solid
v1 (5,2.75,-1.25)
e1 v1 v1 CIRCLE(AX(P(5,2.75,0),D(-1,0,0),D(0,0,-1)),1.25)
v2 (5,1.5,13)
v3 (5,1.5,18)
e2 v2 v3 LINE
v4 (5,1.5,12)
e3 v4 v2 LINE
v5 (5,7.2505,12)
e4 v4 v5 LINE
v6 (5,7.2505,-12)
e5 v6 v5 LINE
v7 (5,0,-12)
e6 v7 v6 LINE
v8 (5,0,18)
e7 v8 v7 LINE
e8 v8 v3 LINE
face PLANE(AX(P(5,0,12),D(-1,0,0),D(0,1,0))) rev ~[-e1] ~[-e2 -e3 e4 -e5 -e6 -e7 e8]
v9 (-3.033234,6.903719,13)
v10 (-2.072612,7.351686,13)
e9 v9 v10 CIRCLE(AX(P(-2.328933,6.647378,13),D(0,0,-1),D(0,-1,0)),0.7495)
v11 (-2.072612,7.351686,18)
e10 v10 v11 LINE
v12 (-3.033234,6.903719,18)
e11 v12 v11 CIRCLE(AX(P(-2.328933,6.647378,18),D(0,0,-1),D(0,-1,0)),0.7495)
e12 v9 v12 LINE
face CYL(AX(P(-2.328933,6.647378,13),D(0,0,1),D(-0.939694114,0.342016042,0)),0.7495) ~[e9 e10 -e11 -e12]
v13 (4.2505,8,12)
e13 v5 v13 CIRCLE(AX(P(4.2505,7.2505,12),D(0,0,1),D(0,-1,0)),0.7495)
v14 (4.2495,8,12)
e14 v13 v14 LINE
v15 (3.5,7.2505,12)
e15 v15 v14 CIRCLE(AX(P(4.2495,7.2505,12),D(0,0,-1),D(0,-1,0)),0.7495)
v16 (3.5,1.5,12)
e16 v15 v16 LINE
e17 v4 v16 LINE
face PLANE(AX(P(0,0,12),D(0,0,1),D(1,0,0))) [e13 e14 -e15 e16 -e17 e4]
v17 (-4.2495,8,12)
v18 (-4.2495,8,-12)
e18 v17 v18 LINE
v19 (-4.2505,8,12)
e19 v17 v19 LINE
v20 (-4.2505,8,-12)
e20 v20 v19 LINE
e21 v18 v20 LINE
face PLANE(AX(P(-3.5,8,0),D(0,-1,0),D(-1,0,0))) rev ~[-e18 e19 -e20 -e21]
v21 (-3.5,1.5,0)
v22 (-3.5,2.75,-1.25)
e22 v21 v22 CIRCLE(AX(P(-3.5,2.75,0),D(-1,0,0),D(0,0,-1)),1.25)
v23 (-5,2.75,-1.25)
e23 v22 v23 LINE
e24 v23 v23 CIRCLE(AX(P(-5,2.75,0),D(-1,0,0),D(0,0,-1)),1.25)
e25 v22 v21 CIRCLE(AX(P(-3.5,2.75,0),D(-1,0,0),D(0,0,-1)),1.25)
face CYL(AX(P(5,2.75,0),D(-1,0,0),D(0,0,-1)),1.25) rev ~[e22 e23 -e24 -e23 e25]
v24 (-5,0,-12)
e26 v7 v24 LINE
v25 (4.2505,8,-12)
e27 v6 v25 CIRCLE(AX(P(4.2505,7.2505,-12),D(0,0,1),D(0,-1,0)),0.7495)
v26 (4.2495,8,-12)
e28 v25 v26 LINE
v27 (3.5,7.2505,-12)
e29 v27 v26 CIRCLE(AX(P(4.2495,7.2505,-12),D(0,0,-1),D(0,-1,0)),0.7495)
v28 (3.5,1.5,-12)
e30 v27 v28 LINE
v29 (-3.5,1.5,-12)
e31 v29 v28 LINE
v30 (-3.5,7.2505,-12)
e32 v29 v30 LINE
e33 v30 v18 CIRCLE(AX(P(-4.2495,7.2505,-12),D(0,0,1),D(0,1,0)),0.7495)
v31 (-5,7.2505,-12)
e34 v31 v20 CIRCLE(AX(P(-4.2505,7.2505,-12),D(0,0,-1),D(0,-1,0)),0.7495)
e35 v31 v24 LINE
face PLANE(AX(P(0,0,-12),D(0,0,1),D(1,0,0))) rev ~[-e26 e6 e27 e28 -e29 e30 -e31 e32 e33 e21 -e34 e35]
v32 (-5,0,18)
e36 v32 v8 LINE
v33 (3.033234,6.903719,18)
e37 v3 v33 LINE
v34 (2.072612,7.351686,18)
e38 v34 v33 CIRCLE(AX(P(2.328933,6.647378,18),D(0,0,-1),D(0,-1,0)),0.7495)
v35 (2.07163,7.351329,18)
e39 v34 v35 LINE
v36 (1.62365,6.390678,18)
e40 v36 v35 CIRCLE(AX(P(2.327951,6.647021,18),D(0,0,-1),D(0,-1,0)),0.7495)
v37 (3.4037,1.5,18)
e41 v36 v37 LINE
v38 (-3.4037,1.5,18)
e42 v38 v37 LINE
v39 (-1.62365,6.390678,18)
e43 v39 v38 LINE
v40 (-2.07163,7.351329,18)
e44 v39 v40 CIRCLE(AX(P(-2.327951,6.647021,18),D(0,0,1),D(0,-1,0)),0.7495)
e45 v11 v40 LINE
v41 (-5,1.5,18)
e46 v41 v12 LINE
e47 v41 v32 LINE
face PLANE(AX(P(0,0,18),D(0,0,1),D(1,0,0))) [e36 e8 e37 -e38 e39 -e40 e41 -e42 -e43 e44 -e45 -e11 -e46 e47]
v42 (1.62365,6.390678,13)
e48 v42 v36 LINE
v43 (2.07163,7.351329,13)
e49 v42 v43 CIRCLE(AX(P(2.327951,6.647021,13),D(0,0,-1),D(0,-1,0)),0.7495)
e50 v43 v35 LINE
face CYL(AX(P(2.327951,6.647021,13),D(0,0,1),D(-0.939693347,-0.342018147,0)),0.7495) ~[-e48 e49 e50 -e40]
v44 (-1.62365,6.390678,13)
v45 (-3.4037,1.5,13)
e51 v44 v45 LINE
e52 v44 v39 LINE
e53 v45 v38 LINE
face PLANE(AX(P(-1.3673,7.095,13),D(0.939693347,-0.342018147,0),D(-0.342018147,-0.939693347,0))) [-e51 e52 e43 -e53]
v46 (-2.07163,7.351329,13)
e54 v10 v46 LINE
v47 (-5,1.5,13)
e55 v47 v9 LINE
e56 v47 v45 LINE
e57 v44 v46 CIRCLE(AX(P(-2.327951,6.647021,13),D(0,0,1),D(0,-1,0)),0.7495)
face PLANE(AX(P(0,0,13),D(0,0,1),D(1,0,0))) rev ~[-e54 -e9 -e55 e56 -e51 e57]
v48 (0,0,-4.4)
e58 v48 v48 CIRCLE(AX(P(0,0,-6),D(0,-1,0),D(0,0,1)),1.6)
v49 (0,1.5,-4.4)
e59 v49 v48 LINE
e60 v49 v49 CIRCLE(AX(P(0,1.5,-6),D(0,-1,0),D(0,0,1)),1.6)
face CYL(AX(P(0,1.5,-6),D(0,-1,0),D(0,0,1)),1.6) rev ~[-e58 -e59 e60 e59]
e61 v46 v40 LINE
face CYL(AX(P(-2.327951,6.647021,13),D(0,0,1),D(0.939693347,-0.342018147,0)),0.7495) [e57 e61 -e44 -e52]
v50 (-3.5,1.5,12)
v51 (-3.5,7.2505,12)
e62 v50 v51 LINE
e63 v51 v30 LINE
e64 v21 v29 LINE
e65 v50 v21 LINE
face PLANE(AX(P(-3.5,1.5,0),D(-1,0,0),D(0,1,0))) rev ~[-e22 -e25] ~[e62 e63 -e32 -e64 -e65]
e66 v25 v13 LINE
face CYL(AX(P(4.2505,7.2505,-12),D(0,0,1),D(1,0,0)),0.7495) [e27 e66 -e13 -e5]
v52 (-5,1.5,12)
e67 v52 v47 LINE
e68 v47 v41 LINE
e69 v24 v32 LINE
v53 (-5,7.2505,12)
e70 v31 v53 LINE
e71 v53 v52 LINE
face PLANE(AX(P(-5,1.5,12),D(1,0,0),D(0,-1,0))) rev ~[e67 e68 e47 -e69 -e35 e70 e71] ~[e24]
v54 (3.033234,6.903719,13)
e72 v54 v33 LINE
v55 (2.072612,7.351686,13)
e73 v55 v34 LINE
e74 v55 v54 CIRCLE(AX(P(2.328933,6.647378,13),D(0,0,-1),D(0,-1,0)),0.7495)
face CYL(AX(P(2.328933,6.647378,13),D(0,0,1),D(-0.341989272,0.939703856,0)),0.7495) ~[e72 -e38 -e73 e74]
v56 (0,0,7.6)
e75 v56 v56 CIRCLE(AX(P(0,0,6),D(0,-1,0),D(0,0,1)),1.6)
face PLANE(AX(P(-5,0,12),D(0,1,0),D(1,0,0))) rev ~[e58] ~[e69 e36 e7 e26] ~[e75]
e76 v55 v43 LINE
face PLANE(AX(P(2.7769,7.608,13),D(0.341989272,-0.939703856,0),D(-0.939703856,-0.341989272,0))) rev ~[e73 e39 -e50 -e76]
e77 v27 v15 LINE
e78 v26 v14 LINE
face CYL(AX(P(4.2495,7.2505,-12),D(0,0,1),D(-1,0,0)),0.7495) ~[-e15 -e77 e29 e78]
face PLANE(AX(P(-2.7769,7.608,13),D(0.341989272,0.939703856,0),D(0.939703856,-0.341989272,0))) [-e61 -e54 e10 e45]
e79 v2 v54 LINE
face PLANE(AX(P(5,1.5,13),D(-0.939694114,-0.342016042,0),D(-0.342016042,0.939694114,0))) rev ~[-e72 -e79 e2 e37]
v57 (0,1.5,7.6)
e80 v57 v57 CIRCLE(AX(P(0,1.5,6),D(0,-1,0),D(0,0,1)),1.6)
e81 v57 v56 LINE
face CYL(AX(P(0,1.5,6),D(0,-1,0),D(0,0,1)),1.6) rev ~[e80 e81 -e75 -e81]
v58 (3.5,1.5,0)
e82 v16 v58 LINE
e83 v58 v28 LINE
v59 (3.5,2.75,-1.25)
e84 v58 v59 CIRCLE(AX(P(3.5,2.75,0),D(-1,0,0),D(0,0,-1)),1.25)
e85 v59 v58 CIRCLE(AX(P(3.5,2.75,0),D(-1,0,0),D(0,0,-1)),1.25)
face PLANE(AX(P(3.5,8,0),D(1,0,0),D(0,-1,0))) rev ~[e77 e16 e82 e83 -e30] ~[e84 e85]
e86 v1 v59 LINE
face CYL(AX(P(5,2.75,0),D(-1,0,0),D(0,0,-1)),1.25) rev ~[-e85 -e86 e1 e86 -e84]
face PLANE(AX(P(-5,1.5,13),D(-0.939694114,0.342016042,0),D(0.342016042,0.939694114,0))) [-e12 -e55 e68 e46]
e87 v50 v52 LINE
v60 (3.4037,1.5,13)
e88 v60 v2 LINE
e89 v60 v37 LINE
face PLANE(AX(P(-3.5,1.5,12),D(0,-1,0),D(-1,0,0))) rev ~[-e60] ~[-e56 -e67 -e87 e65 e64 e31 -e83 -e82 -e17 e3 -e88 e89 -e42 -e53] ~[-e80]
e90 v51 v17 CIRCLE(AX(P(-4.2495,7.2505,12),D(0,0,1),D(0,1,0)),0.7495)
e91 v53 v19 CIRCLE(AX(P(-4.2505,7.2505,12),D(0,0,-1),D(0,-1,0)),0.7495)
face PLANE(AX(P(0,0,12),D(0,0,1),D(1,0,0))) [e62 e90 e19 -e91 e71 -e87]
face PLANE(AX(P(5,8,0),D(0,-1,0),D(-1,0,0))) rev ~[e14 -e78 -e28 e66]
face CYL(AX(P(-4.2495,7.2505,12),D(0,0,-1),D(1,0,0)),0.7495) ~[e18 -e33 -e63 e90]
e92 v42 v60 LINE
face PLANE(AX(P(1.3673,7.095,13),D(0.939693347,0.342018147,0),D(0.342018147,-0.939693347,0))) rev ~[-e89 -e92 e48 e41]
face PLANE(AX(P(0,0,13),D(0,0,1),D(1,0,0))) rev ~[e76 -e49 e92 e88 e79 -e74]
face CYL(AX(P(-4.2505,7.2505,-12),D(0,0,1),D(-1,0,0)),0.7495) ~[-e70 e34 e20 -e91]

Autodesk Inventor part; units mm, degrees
ref_plane "YZ Plane" through (0, 0, 0) normal (1, 0, 0) x (0, 1, 0)
ref_plane "XZ Plane" through (0, 0, 0) normal (0, 1, 0) x (-1, 0, 0)
ref_plane "XY Plane" through (0, 0, 0) normal (0, 0, 1) x (1, 0, 0)
sketch "Náčrt1" plane through (0, 0, 0) normal (0, 0, 1) x (1, 0, 0)
  line L0 (-5, 8) -> (-5, 0)
  line L1 (-5, 0) -> (5, 0)
  line L2 (5, 0) -> (5, 8)
  line L3 (5, 8) -> (3.5, 8)
  line L4 (3.5, 8) -> (3.5, 1.5)
  line L5 (3.5, 1.5) -> (-3.5, 1.5)
  line L6 (-3.5, 1.5) -> (-3.5, 8)
  line L7 (-3.5, 8) -> (-5, 8)
  line L8 (-7, 0) -> (7, 0) projected
  line L9 (0, 9.6) -> (0, -1.6) projected
  point P0 (0, 0)
  dimension "d0" = 10
  dimension "d1" = 8
  dimension "d2" = 1.5
  dimension "d3" = 1.5
  dimension "d4" = 1.5
extrude "Vysunutí1" add sketch "Náčrt1" along normal mid plane 24
sketch "Náčrt2" plane through (0, 0, 12) normal (0, 0, 1) x (1, 0, 0)
  line L0 (-5, 8) -> (-5, 0) projected
  line L1 (-5, 0) -> (5, 0) projected
  line L2 (5, 0) -> (5, 8) projected
  line L3 (5, 8) -> (3.5, 8) projected
  line L4 (3.5, 8) -> (3.5, 1.5) projected
  line L5 (3.5, 1.5) -> (-3.5, 1.5) projected
  line L6 (-3.5, 1.5) -> (-3.5, 8) projected
  line L7 (-3.5, 8) -> (-5, 8) projected
  line L8 (-5, 0) -> (5, 0)
  line L9 (5, 0) -> (5, 1.5)
  line L10 (5, 1.5) -> (-5, 1.5)
  line L11 (-5, 1.5) -> (-5, 0)
  line L12 (3.5, 1.5) -> (-3.5, 1.5) projected
  point P0 (0, 0)
extrude "Vysunutí2" add sketch "Náčrt2" along normal blind 1 contours L10 L5 L2 L1 L0
sketch "Náčrt3" plane through (0, 0, 13) normal (0, 0, 1) x (1, 0, 0)
  line L0 (-5, 1.5) -> (-5, 0) projected
  line L1 (-5, 0) -> (5, 0) projected
  line L2 (5, 0) -> (5, 1.5) projected
  line L3 (5, 1.5) -> (-5, 1.5) projected
  line L4 (-5, 1.5) -> (-5, 0)
  line L5 (5, 0) -> (-5, 0)
  line L6 (3.5, 1.5) -> (5, 1.5) projected
  line L7 (5, 1.5) -> (5, 0)
  line L8 (-5, 1.5) -> (-2.7769, 7.608)
  line L9 (-5, 1.5) -> (1.5, 1.5) construction
  line L10 (-2.7769, 7.608) -> (-1.3673, 7.095)
  line L11 (-1.3673, 7.095) -> (-3.4037, 1.5)
  line L12 (0, 9.6) -> (0, -1.6) projected
  line L13 (5, 1.5) -> (2.7769, 7.608)
  line L14 (2.7769, 7.608) -> (1.3673, 7.095)
  line L15 (1.3673, 7.095) -> (3.4037, 1.5)
  line L16 (-3.4037, 1.5) -> (3.4037, 1.5)
  line L17 (-3.4037, 1.5) -> (3.4037, 1.5)
  point P0 (0, 0)
  dimension "d9" = 6.5
  dimension "d10" = 70
  dimension "d11" = 1.5
extrude "Vysunutí3" add sketch "Náčrt3" along normal blind 5
fillet "Zaoblení1" radius 0.75 8 edges at (-3.5, 8, 0) (-5, 8, 0) (-2.7769, 7.608, 15.5) (-1.3673, 7.095, 15.5) (1.3673, 7.095, 15.5) (2.7769, 7.608, 15.5) (3.5, 8, 0) (5, 8, 0)
sketch "Náčrt4" plane through (5, 0, 18) normal (1, 0, 0) x (0, 0, -1)
  line L0 (6, 7.25) -> (30, 7.25) projected
  line L1 (6, 1.5) -> (6, 7.25) projected
  line L2 (6, 1.5) -> (5, 1.5) projected
  line L3 (5, 1.5) -> (0, 1.5) projected
  line L4 (0, 0) -> (0, 1.5) projected
  line L5 (30, 0) -> (0, 0) projected
  line L6 (30, 7.25) -> (30, 0) projected
  point P0 (18, 0)
  point P1 (18, 2.75)
  dimension "d15" = 12
  dimension "d16" = 2.75
hole "Díra1" at (5, 2.75, 0) direction (-1, 0, 0) diameter 2.5 end through all
sketch "Náčrt5" plane through (-3.5, 1.5, -12) normal (0, 1, 0) x (1, 0, 0)
  line L0 (7, 0) -> (7, -12) projected
  line L1 (0, 0) -> (7, 0) projected
  line L2 (0, 0) -> (0, -12) projected
  line L3 (0, -12) -> (0, -24) projected
  line L4 (-1.5, -24) -> (0, -24) projected
  line L5 (-1.5, -24) -> (-1.5, -25) projected
  line L6 (0.0963, -25) -> (-1.5, -25) projected
  line L7 (0.0963, -25) -> (0.0963, -30) projected
  line L8 (6.9037, -30) -> (0.0963, -30) projected
  line L9 (6.9037, -25) -> (6.9037, -30) projected
  line L10 (8.5, -25) -> (6.9037, -25) projected
  line L11 (8.5, -24) -> (8.5, -25) projected
  line L12 (7, -24) -> (8.5, -24) projected
  line L13 (7, -12) -> (7, -24) projected
  line L14 (-1.5, 0) -> (-1.5, -24) projected
  point P0 (3.5, -12)
  point P1 (3.5, -6)
  point P2 (3.5, -18)
  dimension "d24" = 5
  dimension "d25" = 6
  dimension "d26" = 12
hole "Díra2" at (0, 1.5, -6) at (0, 1.5, 6) direction (0, -1, 0) diameter 3.2 end through all
properties part number "y_holder" material "Hliník 6061"
